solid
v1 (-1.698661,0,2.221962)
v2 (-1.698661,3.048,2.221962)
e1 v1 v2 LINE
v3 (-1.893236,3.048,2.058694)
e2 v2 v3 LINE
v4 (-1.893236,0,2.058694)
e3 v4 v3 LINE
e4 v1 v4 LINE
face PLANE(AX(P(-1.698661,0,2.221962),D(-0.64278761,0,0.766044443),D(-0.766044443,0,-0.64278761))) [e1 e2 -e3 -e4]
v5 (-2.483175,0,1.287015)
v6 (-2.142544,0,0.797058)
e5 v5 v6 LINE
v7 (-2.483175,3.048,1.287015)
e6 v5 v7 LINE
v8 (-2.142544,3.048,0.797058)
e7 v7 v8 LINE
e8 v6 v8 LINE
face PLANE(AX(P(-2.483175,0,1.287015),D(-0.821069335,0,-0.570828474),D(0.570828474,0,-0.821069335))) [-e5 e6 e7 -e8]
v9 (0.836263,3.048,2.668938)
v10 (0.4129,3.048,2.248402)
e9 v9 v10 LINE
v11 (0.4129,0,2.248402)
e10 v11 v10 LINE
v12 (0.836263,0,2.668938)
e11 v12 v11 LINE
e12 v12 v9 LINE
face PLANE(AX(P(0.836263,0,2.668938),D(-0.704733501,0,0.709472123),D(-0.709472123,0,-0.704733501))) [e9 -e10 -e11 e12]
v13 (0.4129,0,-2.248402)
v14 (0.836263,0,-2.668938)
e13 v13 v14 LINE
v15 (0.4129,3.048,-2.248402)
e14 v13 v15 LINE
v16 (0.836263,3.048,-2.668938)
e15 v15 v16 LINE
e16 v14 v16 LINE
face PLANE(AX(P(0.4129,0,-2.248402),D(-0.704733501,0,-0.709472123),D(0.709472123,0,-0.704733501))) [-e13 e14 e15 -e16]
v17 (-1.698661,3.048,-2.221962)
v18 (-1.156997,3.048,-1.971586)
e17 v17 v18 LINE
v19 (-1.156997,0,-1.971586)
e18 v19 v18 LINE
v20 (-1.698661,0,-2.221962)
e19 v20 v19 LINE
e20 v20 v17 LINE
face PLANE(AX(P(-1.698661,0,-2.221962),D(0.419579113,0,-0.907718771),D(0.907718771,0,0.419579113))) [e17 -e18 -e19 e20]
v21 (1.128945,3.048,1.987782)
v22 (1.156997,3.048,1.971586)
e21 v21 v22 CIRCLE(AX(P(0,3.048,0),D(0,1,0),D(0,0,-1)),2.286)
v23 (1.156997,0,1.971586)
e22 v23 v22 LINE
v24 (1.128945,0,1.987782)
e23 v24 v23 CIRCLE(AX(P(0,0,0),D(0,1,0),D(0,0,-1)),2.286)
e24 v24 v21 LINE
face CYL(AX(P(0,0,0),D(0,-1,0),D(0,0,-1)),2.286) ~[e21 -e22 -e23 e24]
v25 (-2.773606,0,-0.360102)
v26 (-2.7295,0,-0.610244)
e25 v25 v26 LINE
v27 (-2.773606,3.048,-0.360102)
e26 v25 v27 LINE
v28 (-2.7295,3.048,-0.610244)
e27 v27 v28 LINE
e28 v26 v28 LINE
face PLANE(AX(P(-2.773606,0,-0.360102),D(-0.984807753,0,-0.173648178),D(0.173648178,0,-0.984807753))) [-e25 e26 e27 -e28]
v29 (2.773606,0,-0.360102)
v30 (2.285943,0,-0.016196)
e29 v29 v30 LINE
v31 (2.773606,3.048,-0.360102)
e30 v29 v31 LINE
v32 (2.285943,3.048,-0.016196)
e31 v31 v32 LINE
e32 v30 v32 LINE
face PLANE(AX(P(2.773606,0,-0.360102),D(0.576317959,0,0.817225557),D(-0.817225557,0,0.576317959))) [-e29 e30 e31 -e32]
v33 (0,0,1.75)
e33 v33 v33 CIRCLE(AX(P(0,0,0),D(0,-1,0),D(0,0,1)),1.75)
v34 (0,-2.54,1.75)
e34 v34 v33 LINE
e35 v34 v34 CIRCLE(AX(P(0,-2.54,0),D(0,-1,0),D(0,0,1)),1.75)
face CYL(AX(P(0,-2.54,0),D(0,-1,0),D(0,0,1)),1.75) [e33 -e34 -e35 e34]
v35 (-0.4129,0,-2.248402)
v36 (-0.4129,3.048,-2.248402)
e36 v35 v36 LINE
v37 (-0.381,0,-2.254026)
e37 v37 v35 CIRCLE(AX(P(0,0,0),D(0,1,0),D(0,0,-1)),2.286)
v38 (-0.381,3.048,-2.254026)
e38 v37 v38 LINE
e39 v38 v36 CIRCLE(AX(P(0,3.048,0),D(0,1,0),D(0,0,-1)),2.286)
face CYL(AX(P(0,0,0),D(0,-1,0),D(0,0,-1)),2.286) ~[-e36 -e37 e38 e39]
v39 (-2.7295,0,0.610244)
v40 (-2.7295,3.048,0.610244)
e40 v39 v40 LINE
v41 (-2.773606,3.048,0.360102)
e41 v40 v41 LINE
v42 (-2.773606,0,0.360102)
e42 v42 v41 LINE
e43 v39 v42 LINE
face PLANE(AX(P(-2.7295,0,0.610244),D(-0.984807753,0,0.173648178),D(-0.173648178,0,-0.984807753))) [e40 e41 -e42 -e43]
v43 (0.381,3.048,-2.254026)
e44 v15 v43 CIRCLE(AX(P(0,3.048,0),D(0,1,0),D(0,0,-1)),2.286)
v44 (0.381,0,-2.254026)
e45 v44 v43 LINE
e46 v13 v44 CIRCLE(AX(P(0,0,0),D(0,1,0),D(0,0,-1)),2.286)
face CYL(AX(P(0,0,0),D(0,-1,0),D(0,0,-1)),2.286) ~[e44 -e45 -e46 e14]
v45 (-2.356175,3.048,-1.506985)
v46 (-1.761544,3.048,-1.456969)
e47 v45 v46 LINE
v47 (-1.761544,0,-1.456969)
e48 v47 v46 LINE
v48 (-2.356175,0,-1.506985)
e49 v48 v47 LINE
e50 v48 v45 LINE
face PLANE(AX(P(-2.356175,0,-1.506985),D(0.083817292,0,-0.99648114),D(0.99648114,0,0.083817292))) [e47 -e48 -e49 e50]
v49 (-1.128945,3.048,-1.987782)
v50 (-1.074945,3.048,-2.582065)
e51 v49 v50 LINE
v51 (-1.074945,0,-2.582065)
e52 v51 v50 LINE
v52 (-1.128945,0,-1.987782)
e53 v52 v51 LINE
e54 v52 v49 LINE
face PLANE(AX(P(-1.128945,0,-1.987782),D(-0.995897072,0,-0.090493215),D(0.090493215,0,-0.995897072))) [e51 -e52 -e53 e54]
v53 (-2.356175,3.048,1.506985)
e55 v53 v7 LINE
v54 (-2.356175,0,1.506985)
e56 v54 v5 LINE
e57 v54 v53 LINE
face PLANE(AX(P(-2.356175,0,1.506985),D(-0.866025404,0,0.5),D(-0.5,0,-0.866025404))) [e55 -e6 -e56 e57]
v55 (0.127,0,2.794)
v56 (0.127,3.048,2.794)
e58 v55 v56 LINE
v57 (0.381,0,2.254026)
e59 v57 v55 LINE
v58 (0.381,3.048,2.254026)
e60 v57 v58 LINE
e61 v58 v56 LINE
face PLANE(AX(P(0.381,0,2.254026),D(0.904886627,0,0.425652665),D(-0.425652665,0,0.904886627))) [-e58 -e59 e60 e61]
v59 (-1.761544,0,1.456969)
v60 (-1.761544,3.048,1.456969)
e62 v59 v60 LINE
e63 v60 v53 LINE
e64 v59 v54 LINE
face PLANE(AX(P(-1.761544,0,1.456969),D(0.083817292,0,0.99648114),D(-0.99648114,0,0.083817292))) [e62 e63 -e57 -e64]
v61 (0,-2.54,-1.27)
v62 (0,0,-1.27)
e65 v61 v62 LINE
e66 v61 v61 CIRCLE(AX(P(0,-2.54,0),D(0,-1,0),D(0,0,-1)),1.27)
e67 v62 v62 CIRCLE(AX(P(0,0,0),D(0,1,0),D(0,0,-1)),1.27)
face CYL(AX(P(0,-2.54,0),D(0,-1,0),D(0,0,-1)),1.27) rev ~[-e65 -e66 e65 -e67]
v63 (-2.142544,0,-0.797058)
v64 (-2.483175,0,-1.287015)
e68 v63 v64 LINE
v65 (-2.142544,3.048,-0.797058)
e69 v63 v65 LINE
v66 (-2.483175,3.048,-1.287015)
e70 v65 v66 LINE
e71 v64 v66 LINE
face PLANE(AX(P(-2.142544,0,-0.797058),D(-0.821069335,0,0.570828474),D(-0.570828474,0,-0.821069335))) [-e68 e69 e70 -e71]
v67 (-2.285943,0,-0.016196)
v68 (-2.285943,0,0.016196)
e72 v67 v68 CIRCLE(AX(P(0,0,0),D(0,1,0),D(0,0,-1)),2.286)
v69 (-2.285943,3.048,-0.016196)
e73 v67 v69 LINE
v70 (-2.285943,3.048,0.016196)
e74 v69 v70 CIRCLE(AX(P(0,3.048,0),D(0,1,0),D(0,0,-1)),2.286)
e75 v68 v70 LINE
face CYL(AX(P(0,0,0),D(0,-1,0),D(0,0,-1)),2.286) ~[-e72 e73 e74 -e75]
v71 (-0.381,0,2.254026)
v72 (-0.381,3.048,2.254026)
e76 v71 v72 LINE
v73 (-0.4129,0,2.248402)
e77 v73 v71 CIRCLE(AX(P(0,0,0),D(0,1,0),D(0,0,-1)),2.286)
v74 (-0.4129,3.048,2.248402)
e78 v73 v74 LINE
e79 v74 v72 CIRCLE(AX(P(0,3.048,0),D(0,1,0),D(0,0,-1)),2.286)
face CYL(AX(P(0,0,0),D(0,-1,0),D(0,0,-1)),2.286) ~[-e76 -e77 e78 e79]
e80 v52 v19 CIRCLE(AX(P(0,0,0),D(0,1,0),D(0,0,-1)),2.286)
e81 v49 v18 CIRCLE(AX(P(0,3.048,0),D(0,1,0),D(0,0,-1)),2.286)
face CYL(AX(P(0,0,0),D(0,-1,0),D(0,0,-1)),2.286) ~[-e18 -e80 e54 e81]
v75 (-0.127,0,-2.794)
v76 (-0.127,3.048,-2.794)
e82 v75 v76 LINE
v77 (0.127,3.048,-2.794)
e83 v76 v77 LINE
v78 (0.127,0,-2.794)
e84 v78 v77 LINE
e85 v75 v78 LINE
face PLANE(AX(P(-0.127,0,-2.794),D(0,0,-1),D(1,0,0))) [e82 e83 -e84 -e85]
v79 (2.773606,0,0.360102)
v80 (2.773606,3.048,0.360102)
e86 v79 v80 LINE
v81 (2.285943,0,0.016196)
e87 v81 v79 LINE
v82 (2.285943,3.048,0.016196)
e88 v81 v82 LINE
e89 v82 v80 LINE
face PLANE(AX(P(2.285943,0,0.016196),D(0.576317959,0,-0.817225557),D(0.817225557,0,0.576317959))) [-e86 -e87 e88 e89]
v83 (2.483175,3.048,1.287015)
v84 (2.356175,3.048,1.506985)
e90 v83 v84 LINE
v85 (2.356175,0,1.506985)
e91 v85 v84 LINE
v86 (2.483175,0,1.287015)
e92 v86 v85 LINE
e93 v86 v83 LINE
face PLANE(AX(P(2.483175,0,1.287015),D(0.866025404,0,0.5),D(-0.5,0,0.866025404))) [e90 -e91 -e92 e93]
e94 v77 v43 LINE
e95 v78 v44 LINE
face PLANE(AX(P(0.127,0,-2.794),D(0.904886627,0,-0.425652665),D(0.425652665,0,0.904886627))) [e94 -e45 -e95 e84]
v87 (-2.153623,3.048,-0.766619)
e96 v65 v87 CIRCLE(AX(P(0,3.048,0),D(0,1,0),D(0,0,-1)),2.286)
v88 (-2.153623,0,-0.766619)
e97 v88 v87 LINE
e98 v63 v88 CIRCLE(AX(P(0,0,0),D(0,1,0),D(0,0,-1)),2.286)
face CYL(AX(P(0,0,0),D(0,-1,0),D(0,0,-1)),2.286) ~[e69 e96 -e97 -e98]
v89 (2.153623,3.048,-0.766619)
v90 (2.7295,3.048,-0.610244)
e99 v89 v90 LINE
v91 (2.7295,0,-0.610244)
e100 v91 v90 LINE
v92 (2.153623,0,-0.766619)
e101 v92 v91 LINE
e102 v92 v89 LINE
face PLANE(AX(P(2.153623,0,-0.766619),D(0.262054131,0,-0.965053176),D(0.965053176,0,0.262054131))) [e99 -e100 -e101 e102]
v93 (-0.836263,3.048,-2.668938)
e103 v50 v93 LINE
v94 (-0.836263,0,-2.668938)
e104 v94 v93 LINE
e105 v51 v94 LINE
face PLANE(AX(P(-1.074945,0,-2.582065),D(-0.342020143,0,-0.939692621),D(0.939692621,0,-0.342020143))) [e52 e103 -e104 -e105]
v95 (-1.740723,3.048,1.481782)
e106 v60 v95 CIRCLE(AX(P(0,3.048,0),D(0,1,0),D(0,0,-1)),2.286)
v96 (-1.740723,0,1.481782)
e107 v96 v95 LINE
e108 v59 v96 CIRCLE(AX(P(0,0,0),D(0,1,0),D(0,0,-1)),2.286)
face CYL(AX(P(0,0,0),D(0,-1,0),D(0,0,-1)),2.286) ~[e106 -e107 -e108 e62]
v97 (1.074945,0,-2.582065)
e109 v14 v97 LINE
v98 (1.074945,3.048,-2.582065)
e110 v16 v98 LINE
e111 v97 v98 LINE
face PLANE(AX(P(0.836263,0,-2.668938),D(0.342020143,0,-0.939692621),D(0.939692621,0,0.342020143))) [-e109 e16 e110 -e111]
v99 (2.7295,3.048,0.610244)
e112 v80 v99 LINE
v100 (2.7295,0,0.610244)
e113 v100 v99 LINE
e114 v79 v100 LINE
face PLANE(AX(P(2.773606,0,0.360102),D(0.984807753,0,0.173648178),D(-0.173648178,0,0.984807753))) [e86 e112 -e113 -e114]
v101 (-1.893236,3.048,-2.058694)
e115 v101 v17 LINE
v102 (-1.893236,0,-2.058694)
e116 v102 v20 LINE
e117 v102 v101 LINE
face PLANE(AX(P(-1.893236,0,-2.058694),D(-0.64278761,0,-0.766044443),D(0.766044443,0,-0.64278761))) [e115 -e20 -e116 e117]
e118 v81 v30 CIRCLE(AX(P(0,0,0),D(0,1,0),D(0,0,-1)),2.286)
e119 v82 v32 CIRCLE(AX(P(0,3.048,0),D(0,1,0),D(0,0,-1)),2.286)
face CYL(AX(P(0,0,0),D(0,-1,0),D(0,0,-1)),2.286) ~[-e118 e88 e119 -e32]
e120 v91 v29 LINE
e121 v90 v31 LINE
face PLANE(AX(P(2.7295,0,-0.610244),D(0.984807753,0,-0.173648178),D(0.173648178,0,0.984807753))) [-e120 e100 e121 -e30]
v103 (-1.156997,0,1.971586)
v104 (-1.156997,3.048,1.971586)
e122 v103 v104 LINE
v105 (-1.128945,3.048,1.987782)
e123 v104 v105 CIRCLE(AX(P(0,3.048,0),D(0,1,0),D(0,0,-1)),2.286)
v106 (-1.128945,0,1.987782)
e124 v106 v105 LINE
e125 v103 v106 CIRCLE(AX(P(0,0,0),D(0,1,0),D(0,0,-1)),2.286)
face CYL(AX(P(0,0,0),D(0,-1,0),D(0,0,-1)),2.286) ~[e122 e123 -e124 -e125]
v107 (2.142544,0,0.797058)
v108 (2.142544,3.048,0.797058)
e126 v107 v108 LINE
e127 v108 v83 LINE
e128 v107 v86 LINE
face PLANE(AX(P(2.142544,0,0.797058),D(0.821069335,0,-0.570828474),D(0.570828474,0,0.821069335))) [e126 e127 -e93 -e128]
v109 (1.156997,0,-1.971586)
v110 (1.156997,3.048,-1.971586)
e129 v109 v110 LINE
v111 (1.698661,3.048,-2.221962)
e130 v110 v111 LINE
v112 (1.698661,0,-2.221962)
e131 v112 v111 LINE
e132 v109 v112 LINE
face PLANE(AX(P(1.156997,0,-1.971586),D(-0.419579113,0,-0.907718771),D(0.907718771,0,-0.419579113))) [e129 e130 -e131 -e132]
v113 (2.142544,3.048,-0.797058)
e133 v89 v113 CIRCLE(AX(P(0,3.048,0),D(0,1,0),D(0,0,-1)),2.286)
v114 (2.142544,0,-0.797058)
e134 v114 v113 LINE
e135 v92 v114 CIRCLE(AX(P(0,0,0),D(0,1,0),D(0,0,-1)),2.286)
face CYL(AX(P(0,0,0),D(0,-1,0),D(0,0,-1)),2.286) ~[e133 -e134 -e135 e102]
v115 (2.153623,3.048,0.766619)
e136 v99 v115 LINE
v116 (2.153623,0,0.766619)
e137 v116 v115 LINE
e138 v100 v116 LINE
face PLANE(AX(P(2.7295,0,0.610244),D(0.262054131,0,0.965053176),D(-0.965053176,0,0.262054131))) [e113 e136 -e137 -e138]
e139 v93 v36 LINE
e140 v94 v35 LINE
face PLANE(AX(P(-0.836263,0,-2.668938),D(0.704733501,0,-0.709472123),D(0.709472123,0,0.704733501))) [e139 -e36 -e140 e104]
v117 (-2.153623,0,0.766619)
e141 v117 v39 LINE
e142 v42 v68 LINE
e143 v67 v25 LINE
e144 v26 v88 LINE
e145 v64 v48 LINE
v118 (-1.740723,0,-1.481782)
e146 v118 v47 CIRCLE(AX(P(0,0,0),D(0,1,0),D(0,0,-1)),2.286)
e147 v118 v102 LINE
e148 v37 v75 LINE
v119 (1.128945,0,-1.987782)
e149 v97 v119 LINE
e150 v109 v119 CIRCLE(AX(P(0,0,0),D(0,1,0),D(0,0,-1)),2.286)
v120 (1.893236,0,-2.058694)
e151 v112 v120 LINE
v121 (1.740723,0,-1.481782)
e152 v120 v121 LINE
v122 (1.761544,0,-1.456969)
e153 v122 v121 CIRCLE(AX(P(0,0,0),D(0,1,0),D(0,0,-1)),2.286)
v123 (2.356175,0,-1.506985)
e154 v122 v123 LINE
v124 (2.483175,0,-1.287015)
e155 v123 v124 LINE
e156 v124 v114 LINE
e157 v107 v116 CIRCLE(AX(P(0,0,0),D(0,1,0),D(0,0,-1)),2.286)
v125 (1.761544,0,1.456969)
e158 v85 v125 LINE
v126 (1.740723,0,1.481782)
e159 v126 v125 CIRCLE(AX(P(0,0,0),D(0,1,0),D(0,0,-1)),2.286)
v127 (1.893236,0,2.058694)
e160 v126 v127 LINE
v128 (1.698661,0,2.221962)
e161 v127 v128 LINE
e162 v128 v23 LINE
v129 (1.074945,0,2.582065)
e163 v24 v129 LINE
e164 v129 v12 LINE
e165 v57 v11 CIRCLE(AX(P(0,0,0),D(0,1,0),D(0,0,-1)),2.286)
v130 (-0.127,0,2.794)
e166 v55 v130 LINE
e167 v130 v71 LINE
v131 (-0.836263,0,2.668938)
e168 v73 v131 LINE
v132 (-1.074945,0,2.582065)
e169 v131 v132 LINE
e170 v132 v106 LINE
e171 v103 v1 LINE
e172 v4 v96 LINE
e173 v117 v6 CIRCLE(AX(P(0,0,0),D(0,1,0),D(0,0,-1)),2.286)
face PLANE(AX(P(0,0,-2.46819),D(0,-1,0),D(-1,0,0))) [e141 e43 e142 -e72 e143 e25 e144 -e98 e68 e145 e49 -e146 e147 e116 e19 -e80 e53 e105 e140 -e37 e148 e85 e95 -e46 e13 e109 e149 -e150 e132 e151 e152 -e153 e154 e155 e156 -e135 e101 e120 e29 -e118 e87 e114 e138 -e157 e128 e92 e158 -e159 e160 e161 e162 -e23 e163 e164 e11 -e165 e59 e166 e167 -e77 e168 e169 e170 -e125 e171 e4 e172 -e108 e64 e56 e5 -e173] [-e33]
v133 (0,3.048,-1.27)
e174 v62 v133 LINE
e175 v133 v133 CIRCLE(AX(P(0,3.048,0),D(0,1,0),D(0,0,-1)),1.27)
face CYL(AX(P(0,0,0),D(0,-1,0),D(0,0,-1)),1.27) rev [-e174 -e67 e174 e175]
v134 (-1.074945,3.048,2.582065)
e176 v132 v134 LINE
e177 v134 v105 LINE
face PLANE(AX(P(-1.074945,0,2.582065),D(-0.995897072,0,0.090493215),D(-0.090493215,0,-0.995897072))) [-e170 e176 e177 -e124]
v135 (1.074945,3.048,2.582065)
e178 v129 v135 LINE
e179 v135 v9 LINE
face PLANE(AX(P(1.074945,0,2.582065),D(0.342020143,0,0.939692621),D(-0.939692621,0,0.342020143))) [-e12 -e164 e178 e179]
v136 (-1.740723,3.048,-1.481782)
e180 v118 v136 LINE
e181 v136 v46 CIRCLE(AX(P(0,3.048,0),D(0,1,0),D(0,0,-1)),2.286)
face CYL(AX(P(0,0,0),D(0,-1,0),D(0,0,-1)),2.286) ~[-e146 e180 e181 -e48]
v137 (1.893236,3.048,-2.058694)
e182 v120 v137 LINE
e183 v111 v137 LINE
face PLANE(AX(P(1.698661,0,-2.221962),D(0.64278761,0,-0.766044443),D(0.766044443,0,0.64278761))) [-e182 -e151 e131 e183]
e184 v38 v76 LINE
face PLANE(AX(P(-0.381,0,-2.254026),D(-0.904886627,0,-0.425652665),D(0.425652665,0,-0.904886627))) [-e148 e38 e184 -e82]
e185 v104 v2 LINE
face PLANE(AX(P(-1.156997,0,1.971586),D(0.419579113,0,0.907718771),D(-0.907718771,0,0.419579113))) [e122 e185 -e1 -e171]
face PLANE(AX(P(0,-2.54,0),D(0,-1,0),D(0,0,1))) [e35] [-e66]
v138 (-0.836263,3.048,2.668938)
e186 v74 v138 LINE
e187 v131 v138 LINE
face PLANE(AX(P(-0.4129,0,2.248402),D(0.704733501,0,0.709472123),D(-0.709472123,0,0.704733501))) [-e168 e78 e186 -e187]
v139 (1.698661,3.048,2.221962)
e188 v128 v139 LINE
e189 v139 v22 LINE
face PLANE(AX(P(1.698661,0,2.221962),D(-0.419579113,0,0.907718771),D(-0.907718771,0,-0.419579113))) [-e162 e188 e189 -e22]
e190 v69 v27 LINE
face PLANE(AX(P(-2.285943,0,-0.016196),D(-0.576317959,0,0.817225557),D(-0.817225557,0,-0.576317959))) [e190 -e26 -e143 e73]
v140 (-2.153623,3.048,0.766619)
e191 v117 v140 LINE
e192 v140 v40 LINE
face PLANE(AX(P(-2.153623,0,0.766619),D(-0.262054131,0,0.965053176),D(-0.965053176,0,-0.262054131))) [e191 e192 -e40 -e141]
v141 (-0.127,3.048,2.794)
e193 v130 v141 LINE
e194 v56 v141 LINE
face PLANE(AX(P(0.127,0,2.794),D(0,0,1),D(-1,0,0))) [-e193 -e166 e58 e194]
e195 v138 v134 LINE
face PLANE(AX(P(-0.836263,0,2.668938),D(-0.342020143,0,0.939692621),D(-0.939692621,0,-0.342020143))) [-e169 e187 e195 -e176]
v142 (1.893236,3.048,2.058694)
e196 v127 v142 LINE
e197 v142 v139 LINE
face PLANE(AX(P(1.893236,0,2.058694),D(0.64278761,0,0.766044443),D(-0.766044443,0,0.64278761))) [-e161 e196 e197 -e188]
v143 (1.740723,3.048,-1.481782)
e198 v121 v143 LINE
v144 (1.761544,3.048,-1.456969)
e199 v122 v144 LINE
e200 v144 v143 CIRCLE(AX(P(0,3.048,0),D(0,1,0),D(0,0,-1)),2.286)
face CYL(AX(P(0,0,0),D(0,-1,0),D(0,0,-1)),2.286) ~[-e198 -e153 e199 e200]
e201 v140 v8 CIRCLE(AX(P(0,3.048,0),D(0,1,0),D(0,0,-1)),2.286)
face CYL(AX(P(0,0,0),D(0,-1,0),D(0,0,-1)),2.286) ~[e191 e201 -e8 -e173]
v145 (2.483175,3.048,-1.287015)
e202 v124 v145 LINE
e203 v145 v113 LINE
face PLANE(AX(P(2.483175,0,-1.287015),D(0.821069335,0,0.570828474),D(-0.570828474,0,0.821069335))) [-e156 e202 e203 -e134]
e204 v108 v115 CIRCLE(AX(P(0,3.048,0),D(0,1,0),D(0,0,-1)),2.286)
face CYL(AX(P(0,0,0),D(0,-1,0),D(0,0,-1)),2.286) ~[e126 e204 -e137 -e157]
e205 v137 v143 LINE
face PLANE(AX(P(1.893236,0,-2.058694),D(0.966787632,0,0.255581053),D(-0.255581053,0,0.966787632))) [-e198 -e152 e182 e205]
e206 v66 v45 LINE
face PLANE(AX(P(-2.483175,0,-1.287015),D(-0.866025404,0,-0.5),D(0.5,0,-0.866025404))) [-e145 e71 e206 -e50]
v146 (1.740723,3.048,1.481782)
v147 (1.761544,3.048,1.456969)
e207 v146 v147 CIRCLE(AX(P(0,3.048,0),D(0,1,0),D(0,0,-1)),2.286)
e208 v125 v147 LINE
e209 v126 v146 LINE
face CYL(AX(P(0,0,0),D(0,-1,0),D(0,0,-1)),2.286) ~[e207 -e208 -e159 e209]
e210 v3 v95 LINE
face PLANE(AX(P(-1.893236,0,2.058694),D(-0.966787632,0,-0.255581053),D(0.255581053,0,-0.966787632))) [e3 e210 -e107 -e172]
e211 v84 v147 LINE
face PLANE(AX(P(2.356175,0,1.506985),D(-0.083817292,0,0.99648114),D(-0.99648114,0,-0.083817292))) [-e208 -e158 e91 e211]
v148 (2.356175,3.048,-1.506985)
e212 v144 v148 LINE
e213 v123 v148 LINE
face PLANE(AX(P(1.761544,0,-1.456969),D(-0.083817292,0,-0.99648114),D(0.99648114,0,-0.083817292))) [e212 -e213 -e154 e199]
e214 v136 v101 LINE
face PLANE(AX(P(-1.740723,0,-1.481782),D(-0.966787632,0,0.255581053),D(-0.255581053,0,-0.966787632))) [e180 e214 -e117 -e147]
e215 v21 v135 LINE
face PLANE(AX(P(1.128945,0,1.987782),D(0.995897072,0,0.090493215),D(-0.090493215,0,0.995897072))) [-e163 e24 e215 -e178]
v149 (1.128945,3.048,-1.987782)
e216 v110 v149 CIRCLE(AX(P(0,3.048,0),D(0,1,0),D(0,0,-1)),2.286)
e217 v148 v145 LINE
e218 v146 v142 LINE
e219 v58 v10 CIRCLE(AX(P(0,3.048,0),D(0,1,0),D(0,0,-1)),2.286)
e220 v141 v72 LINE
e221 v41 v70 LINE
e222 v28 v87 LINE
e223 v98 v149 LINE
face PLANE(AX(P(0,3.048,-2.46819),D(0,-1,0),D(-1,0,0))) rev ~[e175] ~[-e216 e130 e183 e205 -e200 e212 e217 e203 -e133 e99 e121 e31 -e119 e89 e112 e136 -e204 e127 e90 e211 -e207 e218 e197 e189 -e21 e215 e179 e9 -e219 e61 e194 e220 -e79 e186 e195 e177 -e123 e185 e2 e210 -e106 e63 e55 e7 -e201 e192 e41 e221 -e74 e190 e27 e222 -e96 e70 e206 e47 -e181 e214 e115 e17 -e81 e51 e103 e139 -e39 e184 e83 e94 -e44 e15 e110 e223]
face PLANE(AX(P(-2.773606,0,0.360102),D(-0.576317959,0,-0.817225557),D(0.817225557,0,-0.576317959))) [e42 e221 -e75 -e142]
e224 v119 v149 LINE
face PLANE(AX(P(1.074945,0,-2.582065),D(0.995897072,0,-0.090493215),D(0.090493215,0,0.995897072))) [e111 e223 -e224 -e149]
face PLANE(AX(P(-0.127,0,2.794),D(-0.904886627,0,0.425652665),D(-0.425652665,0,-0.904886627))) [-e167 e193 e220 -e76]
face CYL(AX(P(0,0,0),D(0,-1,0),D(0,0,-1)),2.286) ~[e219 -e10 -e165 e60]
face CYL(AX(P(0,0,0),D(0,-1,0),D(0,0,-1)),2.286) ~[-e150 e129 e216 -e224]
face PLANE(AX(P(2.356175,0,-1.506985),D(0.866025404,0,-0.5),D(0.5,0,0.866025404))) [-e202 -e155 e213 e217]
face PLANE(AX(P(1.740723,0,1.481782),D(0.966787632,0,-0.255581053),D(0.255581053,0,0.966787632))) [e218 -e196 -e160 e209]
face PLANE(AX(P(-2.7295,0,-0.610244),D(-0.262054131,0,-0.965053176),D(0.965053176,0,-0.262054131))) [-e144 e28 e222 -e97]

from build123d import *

# Parameters (mm, degrees)
SKETCH1_R           = 2.286
SKETCH1_R_2         = 1.27
BOSS_EXTRUDE1_DEPTH = 3.048
BOSS_EXTRUDE2_START = -3.048
BOSS_EXTRUDE2_DEPTH = 3.048
CIRPATTERN2_COUNT   = 18
BOSS_EXTRUDE3_START = 2.54
SKETCH3_R           = 1.75
SKETCH3_R_2         = 1.27
BOSS_EXTRUDE3_DEPTH = 2.54


with BuildPart() as part:
    # Sketch1 → Boss-Extrude1 (new body)
    with BuildSketch(Plane(origin=(0, 0, 0), x_dir=(1, 0, 0), z_dir=(0, 1, 0))):
        with Locations(Location((0, 0, 0), (0, 0, 90))):
            Circle(SKETCH1_R)
        with Locations(Location((0, 0, 0), (0, 0, 90))):
            Circle(SKETCH1_R_2, mode=Mode.SUBTRACT)
    extrude(amount=BOSS_EXTRUDE1_DEPTH)

    # Sketch2 → Boss-Extrude2 (add)
    with BuildSketch(Plane(origin=(0, 3.048, 0), x_dir=(1, 0, 0), z_dir=(0, 1, 0)).offset(BOSS_EXTRUDE2_START)):
        with BuildLine():
            Line((-0.127, 2.794), (0.127, 2.794))
            Line((0.127, 2.794), (0.381, 2.254026397))
            ThreePointArc((0.381, 2.254026397), (0, 2.286), (-0.381, 2.254026397))
            Line((-0.381, 2.254026397), (-0.127, 2.794))
        make_face()
    boss_extrude2 = extrude(amount=BOSS_EXTRUDE2_DEPTH)

    # CirPattern2: Boss-Extrude2 ×18 about axis
    cirpattern2_axis = Axis((0, 0, 0), (0, 1, 0))
    for i in range(1, CIRPATTERN2_COUNT):
        add(boss_extrude2.rotate(cirpattern2_axis, i * 360 / CIRPATTERN2_COUNT))

    # Sketch3 → Boss-Extrude3 (add)
    with BuildSketch(Plane(origin=(0, 0, 0), x_dir=(-1, 0, 0), z_dir=(0, -1, 0)).offset(BOSS_EXTRUDE3_START)):
        with Locations(Location((0, 0, 0), (0, 0, 270))):
            Circle(SKETCH3_R)
        with Locations(Location((0, 0, 0), (0, 0, 90))):
            Circle(SKETCH3_R_2, mode=Mode.SUBTRACT)
    extrude(amount=-BOSS_EXTRUDE3_DEPTH)


solid = part.part
